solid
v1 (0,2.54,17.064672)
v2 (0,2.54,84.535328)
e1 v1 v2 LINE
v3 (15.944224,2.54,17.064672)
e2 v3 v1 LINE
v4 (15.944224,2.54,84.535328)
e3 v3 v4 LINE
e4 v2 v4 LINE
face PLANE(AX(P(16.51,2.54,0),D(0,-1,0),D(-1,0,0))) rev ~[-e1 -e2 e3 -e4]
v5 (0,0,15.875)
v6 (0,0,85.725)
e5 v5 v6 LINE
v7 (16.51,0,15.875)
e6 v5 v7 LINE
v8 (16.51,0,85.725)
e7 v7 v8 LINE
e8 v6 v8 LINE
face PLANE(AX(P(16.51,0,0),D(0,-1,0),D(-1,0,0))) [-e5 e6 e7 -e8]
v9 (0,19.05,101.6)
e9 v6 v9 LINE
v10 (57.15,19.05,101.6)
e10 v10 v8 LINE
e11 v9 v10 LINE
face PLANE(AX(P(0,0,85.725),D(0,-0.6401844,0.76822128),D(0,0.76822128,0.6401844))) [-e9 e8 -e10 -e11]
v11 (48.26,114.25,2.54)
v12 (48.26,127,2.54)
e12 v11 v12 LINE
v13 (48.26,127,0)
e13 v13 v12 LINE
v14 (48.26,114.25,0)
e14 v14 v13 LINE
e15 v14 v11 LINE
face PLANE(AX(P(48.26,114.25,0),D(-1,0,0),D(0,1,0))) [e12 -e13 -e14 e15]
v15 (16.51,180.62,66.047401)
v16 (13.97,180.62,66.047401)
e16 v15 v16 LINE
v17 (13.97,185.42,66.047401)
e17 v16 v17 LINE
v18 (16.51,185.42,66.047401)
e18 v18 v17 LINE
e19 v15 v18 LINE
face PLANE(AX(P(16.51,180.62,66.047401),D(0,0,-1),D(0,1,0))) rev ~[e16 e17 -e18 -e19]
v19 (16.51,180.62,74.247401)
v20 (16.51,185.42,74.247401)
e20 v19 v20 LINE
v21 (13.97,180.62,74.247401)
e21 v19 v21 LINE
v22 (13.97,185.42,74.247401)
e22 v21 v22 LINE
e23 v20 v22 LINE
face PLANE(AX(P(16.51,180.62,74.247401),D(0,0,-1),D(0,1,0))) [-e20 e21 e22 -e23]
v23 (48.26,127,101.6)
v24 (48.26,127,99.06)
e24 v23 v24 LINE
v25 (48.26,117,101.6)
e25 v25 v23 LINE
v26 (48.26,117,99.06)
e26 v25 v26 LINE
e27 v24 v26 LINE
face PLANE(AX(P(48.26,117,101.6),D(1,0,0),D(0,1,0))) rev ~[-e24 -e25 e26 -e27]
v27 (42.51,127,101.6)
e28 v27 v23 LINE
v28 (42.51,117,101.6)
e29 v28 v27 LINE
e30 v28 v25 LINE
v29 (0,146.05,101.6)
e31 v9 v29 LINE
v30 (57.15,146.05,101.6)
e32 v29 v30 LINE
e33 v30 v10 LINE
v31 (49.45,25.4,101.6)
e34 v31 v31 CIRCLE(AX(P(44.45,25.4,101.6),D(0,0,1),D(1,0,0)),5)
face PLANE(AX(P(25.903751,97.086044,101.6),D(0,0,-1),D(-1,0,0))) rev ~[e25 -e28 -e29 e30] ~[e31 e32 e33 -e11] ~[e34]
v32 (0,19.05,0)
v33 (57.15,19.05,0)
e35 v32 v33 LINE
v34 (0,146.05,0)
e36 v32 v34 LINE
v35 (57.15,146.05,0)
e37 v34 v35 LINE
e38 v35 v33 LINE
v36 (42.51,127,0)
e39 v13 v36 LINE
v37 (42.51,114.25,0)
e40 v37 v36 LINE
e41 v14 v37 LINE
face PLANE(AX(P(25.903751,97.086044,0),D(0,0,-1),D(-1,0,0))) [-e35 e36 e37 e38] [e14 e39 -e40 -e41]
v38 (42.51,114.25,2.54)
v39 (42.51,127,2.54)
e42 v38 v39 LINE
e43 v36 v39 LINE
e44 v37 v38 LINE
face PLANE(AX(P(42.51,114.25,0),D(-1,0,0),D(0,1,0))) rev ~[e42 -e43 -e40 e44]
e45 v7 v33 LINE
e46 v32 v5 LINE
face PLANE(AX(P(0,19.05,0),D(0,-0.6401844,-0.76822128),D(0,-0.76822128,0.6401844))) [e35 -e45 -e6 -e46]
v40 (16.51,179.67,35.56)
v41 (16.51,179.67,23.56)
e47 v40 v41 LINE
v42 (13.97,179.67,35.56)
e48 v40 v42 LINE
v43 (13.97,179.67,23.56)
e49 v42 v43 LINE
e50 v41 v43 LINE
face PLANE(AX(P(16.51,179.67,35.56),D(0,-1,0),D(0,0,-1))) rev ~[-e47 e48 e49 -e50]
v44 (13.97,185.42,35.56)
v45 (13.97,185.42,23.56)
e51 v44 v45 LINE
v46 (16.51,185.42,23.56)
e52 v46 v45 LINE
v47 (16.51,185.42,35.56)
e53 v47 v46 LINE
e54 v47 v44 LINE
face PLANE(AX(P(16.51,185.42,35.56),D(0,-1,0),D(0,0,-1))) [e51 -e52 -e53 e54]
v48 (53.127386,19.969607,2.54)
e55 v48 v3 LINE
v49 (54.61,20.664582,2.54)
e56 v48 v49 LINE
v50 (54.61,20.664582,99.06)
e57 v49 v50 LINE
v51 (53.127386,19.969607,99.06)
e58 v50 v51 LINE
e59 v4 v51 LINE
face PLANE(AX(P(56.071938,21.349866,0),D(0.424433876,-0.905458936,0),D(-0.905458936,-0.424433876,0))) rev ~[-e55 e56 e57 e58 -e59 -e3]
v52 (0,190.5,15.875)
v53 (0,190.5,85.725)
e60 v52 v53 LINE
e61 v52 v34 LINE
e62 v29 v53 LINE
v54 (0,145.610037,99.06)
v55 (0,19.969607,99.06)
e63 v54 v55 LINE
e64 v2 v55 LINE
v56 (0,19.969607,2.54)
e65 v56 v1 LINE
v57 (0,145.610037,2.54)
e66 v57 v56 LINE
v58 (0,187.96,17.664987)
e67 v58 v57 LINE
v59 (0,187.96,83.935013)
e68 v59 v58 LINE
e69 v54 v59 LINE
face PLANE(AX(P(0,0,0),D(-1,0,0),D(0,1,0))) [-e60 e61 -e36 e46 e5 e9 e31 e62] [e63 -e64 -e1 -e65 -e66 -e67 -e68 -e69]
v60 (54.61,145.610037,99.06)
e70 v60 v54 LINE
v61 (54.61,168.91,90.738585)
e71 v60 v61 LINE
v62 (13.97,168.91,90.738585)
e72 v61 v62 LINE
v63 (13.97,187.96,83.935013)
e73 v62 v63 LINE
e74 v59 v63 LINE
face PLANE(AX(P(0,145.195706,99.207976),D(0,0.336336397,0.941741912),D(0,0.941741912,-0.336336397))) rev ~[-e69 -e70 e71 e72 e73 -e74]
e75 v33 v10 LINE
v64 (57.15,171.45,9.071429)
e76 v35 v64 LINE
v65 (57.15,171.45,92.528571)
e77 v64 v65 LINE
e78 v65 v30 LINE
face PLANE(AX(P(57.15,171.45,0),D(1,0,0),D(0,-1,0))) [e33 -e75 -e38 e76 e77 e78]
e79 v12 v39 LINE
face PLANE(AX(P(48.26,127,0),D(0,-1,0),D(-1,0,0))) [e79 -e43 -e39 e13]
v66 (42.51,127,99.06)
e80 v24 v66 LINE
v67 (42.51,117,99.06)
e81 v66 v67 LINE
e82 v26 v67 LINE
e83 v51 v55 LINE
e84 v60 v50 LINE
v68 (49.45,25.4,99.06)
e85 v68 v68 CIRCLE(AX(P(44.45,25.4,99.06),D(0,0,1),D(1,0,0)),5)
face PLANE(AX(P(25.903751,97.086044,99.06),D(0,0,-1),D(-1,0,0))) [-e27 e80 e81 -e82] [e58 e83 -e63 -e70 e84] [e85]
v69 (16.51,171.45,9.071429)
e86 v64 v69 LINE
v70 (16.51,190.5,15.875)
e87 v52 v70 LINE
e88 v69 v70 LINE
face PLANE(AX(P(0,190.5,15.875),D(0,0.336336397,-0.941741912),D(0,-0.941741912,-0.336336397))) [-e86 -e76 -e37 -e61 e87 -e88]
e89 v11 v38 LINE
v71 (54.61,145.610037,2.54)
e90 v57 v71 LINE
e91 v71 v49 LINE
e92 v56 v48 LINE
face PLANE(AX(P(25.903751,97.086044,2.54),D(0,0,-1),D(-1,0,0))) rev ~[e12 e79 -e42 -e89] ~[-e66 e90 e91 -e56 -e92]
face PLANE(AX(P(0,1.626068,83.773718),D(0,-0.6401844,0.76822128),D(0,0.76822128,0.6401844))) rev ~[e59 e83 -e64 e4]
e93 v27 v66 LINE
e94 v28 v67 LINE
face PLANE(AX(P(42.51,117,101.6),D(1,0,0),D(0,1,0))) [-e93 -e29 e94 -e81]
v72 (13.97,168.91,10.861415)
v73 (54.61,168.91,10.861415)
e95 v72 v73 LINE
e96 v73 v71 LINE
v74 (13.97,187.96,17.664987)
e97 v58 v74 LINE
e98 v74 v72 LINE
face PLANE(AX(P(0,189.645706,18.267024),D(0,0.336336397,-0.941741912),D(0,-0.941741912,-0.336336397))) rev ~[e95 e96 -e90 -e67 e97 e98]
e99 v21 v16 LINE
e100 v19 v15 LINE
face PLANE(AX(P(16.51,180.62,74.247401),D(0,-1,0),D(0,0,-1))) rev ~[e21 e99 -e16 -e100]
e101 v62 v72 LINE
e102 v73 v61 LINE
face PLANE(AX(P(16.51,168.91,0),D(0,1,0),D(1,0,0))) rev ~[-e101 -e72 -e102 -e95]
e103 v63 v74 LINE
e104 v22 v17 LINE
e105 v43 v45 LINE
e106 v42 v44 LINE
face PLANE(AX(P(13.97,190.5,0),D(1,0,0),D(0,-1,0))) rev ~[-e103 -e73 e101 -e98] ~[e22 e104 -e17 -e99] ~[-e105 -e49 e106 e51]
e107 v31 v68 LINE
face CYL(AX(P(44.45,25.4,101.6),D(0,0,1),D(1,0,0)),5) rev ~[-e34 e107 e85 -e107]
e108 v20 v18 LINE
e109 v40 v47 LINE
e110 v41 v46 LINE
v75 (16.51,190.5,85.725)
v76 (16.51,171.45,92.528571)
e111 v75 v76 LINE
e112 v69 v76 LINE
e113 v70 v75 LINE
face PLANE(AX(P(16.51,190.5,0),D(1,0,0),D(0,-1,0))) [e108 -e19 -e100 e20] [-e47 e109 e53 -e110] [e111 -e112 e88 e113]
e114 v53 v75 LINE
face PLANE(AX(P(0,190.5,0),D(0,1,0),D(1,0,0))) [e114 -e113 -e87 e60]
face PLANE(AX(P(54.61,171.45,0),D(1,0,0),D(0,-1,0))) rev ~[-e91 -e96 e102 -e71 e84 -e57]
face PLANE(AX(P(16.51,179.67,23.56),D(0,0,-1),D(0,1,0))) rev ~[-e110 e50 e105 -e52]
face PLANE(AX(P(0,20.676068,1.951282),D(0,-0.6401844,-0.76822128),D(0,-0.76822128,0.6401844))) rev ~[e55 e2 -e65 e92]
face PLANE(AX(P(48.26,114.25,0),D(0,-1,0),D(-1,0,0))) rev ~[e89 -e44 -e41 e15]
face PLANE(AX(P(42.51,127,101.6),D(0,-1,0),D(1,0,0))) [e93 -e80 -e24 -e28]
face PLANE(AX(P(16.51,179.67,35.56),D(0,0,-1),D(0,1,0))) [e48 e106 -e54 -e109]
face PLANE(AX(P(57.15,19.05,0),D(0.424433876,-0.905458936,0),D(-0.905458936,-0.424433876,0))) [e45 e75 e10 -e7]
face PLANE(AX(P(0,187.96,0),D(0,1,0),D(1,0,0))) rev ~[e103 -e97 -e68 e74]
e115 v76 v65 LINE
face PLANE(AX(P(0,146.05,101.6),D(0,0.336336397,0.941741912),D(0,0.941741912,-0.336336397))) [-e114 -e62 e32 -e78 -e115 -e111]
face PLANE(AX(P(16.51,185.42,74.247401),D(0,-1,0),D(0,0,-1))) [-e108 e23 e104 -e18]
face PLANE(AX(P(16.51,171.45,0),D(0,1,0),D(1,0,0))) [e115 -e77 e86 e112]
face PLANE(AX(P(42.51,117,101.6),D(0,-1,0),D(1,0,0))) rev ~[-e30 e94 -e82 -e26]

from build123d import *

# Parameters (mm, degrees)
BOSS_EXTRUDE2_DEPTH = 101.6
CUT_EXTRUDE1_DEPTH  = 58.15
SHELL1_T            = -2.54
SKETCH3_W           = 8.2
SKETCH3_H           = 4.8
SKETCH3_W_2         = 12
SKETCH3_H_2         = 5.75
CUT_EXTRUDE2_DEPTH  = 17.51
SKETCH4_W           = 5.75
SKETCH4_H           = 10
CUT_EXTRUDE3_DEPTH  = 27.94
SKETCH5_W           = 5.75
SKETCH5_H           = 12.75
CUT_EXTRUDE4_DEPTH  = 27.94
SKETCH6_R           = 5
CUT_EXTRUDE5_DEPTH  = 27.94


with BuildPart() as part:
    # Sketch1 → Boss-Extrude2 (new body)
    with BuildSketch(Plane.XY):
        Polygon((0, 0), (0, 190.5), (16.51, 190.5), (16.51, 171.45), (57.15, 171.45), (57.15, 19.05), (16.51, 0), align=None)
    extrude(amount=BOSS_EXTRUDE2_DEPTH)

    # Sketch2 → Cut-Extrude1 (cut, through all)
    with BuildSketch(Plane.ZY):
        Polygon((15.875, 190.5), (0, 146.05), (0, 190.5), align=None)
        Polygon((0, 19.05), (15.875, 0), (0, 0), align=None)
        Polygon((85.725, 0), (101.6, 19.05), (101.6, 0), align=None)
        Polygon((101.6, 146.05), (85.725, 190.5), (101.6, 190.5), align=None)
    extrude(amount=-CUT_EXTRUDE1_DEPTH, mode=Mode.SUBTRACT)

    # Shell1
    shell1_openings = [part.faces().sort_by_distance(p)[0] for p in [
        (0, 88.9, 50.8),
    ]]
    offset(amount=SHELL1_T, openings=shell1_openings, kind=Kind.INTERSECTION)

    # Sketch3 → Cut-Extrude2 (cut, through all)
    with BuildSketch(Plane(origin=(16.51, 0, 0), x_dir=(0, 0, -1), z_dir=(1, 0, 0))):
        with Locations((-70.147400598, 183.02)):
            Rectangle(SKETCH3_W, SKETCH3_H)
        with Locations((-29.56, 182.545)):
            Rectangle(SKETCH3_W_2, SKETCH3_H_2)
    extrude(amount=-CUT_EXTRUDE2_DEPTH, mode=Mode.SUBTRACT)

    # Sketch4 → Cut-Extrude3 (cut)
    with BuildSketch(Plane.XY.offset(101.6)):
        with Locations((45.385, 122)):
            Rectangle(SKETCH4_W, SKETCH4_H)
    extrude(amount=-CUT_EXTRUDE3_DEPTH, mode=Mode.SUBTRACT)

    # Sketch5 → Cut-Extrude4 (cut)
    with BuildSketch(Plane(origin=(0, 0, 0), x_dir=(-1, 0, 0), z_dir=(0, 0, -1))):
        with Locations((-45.385, 120.625)):
            Rectangle(SKETCH5_W, SKETCH5_H)
    extrude(amount=-CUT_EXTRUDE4_DEPTH, mode=Mode.SUBTRACT)

    # Sketch6 → Cut-Extrude5 (cut)
    with BuildSketch(Plane.XY.offset(101.6)):
        with Locations((44.45, 25.4)):
            Circle(SKETCH6_R)
    extrude(amount=-CUT_EXTRUDE5_DEPTH, mode=Mode.SUBTRACT)


solid = part.part
